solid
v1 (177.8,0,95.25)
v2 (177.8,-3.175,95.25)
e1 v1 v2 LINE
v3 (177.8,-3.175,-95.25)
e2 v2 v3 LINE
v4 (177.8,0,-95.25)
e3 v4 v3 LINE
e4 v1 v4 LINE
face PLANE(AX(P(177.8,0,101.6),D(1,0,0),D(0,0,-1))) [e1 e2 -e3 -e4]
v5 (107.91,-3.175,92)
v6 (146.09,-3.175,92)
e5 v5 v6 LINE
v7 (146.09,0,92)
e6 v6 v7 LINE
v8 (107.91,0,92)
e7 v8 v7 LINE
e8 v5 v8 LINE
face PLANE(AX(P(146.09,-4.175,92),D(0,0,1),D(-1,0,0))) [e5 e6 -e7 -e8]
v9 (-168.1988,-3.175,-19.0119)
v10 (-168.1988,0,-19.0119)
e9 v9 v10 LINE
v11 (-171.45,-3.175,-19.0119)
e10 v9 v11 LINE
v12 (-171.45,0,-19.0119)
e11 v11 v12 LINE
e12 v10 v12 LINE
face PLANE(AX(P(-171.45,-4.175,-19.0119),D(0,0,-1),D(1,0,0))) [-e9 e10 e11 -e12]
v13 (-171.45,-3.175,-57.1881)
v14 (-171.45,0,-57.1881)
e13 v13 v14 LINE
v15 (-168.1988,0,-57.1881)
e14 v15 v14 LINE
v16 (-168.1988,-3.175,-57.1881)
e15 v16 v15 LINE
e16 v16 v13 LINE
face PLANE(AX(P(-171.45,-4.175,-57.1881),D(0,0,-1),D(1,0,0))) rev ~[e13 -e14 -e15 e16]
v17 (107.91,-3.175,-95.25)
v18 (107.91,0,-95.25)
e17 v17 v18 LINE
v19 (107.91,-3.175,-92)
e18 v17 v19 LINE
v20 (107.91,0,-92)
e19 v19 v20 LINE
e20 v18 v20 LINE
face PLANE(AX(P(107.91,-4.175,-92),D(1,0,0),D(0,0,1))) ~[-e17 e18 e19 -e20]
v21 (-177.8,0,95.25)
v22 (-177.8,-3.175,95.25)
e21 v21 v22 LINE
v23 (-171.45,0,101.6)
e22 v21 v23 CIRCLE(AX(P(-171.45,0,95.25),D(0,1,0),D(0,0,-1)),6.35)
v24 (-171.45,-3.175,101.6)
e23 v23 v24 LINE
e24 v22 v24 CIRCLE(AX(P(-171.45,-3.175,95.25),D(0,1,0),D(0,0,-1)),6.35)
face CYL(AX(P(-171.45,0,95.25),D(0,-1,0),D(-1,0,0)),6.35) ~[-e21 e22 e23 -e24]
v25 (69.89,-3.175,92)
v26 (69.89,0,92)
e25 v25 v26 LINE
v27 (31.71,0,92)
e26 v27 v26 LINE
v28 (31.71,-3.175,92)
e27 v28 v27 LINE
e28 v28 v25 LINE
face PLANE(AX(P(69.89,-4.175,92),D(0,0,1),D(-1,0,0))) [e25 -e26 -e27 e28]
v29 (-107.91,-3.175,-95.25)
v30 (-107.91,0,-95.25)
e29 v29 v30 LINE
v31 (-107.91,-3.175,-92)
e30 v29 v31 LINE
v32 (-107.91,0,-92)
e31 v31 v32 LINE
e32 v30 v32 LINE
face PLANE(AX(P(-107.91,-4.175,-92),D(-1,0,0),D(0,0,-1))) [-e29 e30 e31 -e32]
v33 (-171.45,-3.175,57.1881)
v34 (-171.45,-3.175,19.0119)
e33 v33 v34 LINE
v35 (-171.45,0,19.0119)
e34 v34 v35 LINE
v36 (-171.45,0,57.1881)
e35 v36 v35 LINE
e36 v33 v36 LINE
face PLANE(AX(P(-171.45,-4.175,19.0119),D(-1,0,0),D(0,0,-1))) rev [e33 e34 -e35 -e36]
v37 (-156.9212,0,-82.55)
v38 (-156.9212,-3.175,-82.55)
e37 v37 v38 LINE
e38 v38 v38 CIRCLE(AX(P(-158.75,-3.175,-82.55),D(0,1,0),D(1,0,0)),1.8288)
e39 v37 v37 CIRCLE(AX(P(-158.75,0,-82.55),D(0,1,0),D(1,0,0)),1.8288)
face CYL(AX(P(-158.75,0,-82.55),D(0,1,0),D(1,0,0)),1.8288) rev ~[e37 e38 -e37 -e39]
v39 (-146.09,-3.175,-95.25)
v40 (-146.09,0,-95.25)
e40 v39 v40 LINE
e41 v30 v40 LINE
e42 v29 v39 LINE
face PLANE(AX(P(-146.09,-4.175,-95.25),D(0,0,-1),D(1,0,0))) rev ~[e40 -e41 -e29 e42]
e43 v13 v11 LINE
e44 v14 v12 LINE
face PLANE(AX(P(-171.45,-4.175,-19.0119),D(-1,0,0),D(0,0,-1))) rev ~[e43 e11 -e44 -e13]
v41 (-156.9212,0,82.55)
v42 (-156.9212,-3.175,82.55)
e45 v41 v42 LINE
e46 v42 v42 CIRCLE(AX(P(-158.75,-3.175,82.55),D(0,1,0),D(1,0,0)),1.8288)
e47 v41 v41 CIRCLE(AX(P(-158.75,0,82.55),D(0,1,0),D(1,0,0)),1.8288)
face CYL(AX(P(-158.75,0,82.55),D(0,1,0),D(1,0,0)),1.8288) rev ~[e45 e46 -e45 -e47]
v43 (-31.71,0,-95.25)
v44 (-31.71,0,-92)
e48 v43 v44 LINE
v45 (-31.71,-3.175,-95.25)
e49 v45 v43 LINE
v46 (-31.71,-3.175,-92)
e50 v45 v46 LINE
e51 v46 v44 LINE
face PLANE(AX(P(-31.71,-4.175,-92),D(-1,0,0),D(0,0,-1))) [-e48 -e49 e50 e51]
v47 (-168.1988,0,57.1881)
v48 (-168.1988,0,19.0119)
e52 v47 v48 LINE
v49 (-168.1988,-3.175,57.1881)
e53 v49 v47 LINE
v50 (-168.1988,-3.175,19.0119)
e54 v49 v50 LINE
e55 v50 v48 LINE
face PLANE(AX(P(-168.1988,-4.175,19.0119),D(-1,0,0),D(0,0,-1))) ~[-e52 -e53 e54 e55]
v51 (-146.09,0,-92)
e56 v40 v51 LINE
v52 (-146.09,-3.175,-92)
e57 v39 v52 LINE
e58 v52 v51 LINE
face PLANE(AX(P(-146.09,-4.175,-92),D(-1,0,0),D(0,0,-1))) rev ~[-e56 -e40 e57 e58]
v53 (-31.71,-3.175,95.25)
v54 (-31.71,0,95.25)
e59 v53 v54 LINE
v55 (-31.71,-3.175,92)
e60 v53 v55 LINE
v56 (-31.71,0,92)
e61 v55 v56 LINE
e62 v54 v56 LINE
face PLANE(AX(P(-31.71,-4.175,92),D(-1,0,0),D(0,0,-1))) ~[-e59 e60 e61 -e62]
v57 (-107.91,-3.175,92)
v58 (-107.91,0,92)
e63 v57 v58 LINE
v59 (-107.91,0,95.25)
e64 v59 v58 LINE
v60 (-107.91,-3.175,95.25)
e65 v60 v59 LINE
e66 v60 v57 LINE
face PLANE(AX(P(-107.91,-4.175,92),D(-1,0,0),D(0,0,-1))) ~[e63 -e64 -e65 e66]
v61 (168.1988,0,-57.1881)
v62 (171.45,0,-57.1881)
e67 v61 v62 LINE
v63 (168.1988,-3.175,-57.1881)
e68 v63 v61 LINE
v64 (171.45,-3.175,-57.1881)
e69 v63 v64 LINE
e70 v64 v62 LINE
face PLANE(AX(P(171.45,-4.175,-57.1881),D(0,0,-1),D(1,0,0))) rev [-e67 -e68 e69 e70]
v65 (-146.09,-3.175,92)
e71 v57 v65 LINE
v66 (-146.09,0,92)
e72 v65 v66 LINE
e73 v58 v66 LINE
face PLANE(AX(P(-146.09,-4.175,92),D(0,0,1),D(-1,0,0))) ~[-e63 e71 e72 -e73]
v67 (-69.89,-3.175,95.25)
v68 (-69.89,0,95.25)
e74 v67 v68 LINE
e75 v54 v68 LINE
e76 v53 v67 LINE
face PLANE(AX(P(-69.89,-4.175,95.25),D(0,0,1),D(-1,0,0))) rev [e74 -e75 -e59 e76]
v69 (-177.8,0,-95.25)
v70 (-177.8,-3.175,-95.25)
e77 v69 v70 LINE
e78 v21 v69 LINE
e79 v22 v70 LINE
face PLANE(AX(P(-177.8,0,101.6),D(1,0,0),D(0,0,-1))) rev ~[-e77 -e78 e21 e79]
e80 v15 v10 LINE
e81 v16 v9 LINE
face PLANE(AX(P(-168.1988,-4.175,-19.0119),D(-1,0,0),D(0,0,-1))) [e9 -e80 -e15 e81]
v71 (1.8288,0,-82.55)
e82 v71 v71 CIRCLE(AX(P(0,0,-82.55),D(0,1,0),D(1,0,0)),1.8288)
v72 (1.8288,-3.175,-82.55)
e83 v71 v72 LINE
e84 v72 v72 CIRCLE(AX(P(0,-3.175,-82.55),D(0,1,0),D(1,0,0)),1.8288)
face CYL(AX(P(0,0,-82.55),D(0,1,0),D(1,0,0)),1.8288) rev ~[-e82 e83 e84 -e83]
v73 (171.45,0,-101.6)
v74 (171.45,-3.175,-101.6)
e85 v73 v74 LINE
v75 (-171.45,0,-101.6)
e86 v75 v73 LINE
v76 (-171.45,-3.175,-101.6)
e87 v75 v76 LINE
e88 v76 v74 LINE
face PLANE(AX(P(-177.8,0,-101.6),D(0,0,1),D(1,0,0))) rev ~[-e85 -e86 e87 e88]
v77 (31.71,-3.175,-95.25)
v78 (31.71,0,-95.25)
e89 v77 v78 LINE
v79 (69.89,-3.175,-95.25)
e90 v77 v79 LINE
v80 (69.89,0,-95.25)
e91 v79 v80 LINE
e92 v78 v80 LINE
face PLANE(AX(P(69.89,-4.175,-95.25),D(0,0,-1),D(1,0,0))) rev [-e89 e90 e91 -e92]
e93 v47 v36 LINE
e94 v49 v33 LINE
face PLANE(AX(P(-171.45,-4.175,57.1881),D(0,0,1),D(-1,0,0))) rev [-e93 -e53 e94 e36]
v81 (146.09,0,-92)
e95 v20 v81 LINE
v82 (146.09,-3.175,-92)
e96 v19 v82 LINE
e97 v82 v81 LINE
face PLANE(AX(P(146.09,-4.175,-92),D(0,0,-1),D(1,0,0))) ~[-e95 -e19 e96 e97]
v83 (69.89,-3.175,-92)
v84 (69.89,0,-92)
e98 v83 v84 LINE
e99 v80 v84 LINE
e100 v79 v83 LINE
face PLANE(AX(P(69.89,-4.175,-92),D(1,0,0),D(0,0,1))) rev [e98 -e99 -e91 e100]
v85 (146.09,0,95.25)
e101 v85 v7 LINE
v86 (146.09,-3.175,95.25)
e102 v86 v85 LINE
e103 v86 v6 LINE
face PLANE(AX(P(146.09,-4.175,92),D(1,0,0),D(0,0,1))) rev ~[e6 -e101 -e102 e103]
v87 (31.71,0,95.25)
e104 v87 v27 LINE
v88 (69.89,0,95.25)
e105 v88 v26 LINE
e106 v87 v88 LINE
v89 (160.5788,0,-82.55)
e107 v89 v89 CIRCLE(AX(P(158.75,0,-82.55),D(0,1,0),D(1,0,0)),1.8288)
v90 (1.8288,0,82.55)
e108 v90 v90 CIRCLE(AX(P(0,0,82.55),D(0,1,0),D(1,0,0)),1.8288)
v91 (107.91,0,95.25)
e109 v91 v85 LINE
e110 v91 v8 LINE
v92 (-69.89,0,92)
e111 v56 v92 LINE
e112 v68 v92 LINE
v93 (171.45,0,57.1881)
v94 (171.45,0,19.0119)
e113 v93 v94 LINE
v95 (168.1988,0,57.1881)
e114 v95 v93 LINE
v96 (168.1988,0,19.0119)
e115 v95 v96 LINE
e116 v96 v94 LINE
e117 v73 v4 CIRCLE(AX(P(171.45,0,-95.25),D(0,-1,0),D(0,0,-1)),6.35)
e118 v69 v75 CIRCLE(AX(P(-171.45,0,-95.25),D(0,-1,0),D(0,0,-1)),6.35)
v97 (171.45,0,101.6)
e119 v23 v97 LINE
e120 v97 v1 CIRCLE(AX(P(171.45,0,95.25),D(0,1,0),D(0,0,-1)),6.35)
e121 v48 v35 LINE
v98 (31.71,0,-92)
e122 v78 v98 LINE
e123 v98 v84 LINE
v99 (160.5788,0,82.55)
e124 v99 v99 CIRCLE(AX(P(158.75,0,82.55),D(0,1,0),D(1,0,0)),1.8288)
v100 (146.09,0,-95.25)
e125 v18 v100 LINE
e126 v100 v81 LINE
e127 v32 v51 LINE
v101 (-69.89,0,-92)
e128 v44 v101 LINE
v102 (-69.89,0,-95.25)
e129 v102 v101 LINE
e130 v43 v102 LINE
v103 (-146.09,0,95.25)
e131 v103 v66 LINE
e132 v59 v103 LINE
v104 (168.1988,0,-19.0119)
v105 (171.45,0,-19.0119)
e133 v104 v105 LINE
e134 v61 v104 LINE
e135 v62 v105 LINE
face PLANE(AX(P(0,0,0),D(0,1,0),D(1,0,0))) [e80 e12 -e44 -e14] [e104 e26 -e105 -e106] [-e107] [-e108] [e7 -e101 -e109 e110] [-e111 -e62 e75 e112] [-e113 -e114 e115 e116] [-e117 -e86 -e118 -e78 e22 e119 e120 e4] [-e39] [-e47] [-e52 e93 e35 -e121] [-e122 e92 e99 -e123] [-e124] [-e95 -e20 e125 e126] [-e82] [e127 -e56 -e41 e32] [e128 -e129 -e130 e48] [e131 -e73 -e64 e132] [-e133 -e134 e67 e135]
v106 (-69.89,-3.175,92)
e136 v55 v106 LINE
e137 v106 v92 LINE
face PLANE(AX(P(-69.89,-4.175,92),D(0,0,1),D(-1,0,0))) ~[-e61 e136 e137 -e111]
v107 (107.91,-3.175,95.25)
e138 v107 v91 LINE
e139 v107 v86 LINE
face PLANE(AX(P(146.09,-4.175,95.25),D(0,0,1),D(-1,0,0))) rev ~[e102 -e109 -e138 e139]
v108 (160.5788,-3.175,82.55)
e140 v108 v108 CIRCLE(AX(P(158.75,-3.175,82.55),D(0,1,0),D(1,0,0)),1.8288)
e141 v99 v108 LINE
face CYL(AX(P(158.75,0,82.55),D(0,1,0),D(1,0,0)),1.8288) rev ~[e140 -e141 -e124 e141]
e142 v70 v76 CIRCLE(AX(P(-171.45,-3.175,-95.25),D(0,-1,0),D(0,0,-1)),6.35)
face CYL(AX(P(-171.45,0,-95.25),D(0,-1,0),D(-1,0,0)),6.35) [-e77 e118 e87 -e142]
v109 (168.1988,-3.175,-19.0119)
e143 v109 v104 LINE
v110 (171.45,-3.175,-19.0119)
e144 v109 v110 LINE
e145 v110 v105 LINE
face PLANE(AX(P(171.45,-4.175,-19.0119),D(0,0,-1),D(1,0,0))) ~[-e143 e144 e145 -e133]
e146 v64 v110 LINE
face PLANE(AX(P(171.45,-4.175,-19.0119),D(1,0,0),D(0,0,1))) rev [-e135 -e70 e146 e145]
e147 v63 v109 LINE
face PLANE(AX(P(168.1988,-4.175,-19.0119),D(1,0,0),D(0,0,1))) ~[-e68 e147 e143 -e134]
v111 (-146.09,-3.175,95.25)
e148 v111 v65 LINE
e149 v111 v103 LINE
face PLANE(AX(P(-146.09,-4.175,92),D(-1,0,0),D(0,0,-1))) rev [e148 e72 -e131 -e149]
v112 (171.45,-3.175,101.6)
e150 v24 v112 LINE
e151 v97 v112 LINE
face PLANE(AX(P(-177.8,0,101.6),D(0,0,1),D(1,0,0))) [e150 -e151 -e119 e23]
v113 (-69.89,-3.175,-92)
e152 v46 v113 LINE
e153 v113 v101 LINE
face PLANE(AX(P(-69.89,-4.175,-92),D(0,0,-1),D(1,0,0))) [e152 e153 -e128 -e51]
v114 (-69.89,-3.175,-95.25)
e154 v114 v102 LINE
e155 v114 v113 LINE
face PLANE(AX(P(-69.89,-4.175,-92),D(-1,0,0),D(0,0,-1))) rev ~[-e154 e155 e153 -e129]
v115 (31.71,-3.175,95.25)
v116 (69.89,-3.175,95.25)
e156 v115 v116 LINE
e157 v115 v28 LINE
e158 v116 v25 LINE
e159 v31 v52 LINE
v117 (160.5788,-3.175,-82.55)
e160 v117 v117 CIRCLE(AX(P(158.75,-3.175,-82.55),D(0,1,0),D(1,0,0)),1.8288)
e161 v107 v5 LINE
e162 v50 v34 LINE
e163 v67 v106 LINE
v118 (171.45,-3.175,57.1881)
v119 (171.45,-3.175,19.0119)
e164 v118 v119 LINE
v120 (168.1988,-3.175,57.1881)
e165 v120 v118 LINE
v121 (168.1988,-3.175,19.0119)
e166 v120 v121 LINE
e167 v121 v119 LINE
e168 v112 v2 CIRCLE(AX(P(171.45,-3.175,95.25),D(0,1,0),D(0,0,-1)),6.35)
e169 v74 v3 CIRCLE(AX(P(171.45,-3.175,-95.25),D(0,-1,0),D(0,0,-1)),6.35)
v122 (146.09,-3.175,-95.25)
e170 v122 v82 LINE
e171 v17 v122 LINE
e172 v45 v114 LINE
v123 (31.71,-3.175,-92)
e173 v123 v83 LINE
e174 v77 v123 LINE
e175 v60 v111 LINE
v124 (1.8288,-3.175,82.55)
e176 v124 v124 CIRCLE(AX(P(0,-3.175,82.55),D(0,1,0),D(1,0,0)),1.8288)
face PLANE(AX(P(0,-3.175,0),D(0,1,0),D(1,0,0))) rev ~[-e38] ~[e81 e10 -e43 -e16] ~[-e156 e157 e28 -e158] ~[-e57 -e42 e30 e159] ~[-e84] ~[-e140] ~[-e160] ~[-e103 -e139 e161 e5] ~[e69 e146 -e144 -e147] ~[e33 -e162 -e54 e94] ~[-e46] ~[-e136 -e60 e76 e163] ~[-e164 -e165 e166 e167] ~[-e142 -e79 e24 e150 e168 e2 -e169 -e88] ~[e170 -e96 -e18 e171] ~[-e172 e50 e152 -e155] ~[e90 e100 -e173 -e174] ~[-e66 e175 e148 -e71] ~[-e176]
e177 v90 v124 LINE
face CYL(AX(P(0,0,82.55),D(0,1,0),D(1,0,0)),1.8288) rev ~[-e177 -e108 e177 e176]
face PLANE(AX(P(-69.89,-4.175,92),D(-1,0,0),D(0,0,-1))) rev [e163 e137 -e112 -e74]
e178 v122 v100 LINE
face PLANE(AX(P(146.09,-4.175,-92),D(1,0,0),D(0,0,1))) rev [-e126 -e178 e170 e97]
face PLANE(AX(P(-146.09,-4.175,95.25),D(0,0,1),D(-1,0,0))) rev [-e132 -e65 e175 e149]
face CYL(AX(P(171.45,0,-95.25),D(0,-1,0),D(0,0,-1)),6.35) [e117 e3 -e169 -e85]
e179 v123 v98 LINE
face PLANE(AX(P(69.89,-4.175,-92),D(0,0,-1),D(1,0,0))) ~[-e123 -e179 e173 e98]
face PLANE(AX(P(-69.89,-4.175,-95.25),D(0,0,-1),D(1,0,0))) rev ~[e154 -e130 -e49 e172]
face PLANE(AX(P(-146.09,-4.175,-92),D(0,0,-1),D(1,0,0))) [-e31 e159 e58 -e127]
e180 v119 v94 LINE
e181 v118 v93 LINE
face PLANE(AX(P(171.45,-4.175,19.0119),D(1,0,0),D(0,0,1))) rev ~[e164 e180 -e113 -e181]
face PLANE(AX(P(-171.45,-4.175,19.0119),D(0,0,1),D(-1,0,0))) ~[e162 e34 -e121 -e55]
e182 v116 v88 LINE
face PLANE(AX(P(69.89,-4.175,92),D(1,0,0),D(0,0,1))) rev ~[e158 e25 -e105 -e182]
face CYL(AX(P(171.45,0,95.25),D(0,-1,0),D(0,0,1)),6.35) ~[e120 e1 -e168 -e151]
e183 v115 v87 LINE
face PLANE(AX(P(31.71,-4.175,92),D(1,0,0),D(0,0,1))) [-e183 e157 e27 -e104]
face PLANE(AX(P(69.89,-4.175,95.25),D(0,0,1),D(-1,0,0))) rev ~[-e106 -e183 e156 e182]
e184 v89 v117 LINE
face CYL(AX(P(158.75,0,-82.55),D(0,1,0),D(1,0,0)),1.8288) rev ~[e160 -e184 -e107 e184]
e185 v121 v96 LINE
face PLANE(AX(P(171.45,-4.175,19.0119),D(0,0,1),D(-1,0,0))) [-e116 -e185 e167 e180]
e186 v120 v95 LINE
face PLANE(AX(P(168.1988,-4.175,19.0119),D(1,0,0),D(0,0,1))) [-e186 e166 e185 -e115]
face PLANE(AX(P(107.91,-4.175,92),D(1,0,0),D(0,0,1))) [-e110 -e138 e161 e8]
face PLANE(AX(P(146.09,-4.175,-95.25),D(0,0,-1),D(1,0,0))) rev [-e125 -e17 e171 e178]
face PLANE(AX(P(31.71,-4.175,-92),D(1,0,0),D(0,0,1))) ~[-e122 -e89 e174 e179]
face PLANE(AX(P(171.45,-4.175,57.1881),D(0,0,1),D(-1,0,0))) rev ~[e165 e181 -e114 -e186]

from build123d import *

# Parameters (mm, degrees)
PANEL_PROFILE_2_W       = 355.6
PANEL_PROFILE_2_H       = 203.2
PANEL_PROFILE_DEPTH     = 3.175
SKETCH8_R               = 1.8288
CUT_EXTRUDE1_DEPTH      = 10
FILLET1_R               = 6.35
CUT_EXTRUDE2_START      = -4.175
SKETCH9_W               = 38.18
SKETCH9_H               = 3.25
CUT_EXTRUDE2_DEPTH      = 5.175
MIRROR2_START           = -4.175
MIRROR2_COPY_1_SKETCH_W = 38.18
MIRROR2_COPY_1_SKETCH_H = 3.25
MIRROR2_COPY_1_DEPTH    = 5.175
CUT_EXTRUDE3_START      = -4.175
SKETCH10_W              = 3.2512
SKETCH10_H              = 38.1762
CUT_EXTRUDE3_DEPTH      = 5.175
MIRROR4_START           = -4.175
MIRROR4_COPY_1_SKETCH_W = 3.2512
MIRROR4_COPY_1_SKETCH_H = 38.1762
MIRROR4_COPY_1_DEPTH    = 5.175


with BuildPart() as part:
    # Panel Profile 2 → Panel-Profile (new body)
    with BuildSketch(Plane(origin=(0, 0, 0), x_dir=(1, 0, 0), z_dir=(0, 1, 0))):
        Rectangle(PANEL_PROFILE_2_W, PANEL_PROFILE_2_H)
    extrude(amount=-PANEL_PROFILE_DEPTH)

    # Sketch8 → Cut-Extrude1 (cut)
    with BuildSketch(Plane(origin=(0, 0, 0), x_dir=(1, 0, 0), z_dir=(0, 1, 0))):
        with Locations((-158.75, 82.55)):
            Circle(SKETCH8_R)
        with Locations((0, 82.55)):
            Circle(SKETCH8_R)
        with Locations((158.75, 82.55)):
            Circle(SKETCH8_R)
        with Locations((-158.75, -82.55)):
            Circle(SKETCH8_R)
        with Locations((0, -82.55)):
            Circle(SKETCH8_R)
        with Locations((158.75, -82.55)):
            Circle(SKETCH8_R)
    extrude(amount=-CUT_EXTRUDE1_DEPTH, mode=Mode.SUBTRACT)

    # Fillet1
    fillet1_edges = [part.edges().sort_by_distance(p)[0] for p in [
        (177.8, -1.5875, 101.6),
        (-177.8, -1.5875, 101.6),
        (-177.8, -1.5875, -101.6),
        (177.8, -1.5875, -101.6),
    ]]
    fillet(fillet1_edges, radius=FILLET1_R)

    # Sketch9 → Cut-Extrude2 (cut)
    with BuildSketch(Plane(origin=(0, 0, 0), x_dir=(1, 0, 0), z_dir=(0, 1, 0)).offset(CUT_EXTRUDE2_START)):
        with Locations((-127, 93.625)):
            Rectangle(SKETCH9_W, SKETCH9_H)
        with Locations((-50.8, 93.625)):
            Rectangle(SKETCH9_W, SKETCH9_H)
    cut_extrude2 = extrude(amount=CUT_EXTRUDE2_DEPTH, mode=Mode.SUBTRACT)

    # Mirror1: Cut-Extrude2 across plane
    add(cut_extrude2.mirror(Plane(origin=(0, 0, 0), x_dir=(0, 0, 1), z_dir=(1, 0, 0))), mode=Mode.SUBTRACT)

    # Mirror2: Cut-Extrude2 across plane
    add(cut_extrude2.mirror(Plane.XY), mode=Mode.SUBTRACT)

    # Mirror2 copy 1 sketch → Mirror2 copy 1 (cut)
    with BuildSketch(Plane(origin=(0, 0, 0), x_dir=(-1, 0, 0), z_dir=(0, 1, 0)).offset(MIRROR2_START)):
        with Locations((-127, 93.625)):
            Rectangle(MIRROR2_COPY_1_SKETCH_W, MIRROR2_COPY_1_SKETCH_H)
        with Locations((-50.8, 93.625)):
            Rectangle(MIRROR2_COPY_1_SKETCH_W, MIRROR2_COPY_1_SKETCH_H)
    extrude(amount=MIRROR2_COPY_1_DEPTH, mode=Mode.SUBTRACT)

    # Sketch10 → Cut-Extrude3 (cut)
    with BuildSketch(Plane(origin=(0, 0, 0), x_dir=(1, 0, 0), z_dir=(0, 1, 0)).offset(CUT_EXTRUDE3_START)):
        with Locations((-169.8244, 38.1)):
            Rectangle(SKETCH10_W, SKETCH10_H)
    cut_extrude3 = extrude(amount=CUT_EXTRUDE3_DEPTH, mode=Mode.SUBTRACT)

    # Mirror3: Cut-Extrude3 across plane
    add(cut_extrude3.mirror(Plane.XY), mode=Mode.SUBTRACT)

    # Mirror4: Cut-Extrude3 across plane
    add(cut_extrude3.mirror(Plane(origin=(0, 0, 0), x_dir=(0, 0, 1), z_dir=(1, 0, 0))), mode=Mode.SUBTRACT)

    # Mirror4 copy 1 sketch → Mirror4 copy 1 (cut)
    with BuildSketch(Plane(origin=(0, 0, 0), x_dir=(-1, 0, 0), z_dir=(0, 1, 0)).offset(MIRROR4_START)):
        with Locations((-169.8244, 38.1)):
            Rectangle(MIRROR4_COPY_1_SKETCH_W, MIRROR4_COPY_1_SKETCH_H)
    extrude(amount=MIRROR4_COPY_1_DEPTH, mode=Mode.SUBTRACT)


solid = part.part
